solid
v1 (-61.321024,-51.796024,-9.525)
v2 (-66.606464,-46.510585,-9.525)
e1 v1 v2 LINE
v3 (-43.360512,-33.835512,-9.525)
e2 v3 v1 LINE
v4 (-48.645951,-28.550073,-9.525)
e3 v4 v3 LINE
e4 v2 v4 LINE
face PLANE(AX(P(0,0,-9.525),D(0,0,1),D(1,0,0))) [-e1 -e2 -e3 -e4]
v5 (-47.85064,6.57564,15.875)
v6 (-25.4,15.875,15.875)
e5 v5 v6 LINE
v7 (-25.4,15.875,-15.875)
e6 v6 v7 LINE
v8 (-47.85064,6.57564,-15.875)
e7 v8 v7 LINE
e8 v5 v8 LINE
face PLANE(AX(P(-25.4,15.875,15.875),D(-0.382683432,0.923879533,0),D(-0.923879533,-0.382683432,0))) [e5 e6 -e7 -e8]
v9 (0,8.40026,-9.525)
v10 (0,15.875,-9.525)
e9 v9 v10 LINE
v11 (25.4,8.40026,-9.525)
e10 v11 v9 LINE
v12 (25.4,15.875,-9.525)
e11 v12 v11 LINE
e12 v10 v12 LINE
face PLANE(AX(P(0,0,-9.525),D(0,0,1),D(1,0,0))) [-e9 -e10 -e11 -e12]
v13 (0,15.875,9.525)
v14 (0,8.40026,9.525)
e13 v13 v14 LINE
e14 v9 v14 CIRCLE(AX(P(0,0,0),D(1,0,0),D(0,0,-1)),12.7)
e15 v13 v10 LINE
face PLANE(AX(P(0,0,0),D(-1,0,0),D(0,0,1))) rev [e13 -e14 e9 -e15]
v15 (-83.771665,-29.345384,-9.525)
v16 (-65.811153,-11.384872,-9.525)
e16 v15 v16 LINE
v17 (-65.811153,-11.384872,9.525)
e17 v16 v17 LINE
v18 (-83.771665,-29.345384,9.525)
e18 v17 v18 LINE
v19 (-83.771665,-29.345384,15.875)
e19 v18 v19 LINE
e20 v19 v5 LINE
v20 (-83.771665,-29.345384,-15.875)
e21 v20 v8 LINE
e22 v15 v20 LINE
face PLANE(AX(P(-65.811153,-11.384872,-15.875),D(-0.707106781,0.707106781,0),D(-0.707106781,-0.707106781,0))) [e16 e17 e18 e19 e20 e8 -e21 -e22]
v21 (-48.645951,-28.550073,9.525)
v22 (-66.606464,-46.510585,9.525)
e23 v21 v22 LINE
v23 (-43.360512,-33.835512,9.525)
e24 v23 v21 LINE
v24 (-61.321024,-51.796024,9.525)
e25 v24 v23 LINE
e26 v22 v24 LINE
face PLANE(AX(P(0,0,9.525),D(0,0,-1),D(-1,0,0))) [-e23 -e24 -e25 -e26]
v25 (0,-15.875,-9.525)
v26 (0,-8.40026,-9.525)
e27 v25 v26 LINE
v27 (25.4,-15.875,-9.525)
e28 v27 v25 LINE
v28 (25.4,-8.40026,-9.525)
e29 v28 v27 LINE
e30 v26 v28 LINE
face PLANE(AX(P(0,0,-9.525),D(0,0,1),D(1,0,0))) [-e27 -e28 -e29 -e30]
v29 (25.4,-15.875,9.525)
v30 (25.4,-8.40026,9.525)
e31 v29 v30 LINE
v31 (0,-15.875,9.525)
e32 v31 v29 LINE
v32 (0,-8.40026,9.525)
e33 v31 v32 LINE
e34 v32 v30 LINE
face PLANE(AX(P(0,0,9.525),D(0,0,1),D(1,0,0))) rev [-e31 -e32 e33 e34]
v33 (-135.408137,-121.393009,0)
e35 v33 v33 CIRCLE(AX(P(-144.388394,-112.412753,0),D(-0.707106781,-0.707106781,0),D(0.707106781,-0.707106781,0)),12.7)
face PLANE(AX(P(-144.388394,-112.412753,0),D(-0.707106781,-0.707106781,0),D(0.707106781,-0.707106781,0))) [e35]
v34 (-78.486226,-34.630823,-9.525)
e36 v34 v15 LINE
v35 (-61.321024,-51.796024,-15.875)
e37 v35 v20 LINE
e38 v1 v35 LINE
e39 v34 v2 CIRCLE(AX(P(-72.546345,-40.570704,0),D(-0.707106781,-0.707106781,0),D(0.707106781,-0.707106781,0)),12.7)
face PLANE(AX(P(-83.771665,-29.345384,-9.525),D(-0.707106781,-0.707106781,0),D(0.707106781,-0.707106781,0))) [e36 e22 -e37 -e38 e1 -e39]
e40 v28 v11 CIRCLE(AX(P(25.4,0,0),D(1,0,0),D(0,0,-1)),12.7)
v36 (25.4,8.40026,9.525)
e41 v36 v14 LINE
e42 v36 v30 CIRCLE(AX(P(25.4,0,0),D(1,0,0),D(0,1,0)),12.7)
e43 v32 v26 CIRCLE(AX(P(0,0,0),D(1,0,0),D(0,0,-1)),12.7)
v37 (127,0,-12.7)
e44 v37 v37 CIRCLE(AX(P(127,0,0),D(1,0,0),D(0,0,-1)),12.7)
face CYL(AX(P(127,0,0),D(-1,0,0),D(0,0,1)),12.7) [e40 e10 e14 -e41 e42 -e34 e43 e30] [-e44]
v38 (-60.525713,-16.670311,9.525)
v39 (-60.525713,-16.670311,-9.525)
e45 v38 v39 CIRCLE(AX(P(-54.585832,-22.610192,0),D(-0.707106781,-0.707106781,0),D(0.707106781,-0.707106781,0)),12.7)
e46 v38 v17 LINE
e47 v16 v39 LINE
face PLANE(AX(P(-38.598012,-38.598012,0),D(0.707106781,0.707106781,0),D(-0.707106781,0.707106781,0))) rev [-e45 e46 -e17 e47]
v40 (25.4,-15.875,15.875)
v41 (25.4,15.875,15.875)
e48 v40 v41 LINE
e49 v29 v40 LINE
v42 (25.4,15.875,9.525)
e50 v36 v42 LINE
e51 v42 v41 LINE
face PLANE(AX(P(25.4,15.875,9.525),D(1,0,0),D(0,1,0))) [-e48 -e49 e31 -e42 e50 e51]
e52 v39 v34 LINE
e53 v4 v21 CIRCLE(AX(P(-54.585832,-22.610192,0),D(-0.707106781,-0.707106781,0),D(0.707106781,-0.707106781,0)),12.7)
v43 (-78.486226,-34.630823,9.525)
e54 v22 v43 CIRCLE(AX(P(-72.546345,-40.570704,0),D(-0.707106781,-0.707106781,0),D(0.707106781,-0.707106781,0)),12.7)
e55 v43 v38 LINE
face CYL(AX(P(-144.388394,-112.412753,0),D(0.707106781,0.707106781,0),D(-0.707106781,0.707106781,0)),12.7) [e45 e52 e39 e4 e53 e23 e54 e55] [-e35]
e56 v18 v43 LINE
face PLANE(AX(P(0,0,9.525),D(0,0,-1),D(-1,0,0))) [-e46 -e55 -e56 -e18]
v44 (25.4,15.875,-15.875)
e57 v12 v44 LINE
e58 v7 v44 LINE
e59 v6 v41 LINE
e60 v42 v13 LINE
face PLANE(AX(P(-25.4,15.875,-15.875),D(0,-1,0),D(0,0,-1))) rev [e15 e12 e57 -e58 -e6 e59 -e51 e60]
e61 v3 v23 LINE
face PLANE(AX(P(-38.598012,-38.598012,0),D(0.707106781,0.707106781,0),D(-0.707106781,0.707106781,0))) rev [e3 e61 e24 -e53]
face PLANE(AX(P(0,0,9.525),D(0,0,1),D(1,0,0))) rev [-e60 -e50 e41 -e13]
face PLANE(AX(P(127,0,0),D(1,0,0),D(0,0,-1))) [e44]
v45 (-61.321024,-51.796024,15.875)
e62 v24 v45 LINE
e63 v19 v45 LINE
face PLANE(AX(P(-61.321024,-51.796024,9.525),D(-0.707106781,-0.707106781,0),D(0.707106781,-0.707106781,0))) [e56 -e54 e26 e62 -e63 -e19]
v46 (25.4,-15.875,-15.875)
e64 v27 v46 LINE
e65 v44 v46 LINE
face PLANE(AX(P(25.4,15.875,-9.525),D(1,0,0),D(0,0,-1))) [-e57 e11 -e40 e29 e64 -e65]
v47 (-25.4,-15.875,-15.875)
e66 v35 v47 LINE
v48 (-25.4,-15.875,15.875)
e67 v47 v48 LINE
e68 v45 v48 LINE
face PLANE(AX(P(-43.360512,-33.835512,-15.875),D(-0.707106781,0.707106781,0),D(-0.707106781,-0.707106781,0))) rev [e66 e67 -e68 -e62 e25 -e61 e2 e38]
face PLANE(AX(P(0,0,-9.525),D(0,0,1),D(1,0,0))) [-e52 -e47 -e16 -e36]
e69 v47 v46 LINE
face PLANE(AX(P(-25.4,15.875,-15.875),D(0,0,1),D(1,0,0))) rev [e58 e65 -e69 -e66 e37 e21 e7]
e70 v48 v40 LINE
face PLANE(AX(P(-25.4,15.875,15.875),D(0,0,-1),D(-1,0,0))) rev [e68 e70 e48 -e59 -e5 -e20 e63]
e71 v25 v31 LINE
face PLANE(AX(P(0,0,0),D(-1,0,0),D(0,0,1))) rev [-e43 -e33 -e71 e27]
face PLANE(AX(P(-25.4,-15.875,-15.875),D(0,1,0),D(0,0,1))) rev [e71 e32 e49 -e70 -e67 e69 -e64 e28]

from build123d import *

# Parameters (mm, degrees)
SKETCH1_R           = 12.7
BOSS_EXTRUDE1_DEPTH = 127
SKETCH2_W           = 31.75
SKETCH2_H           = 31.75
BOSS_EXTRUDE2_DEPTH = 25.4
SKETCH3_W           = 25.4
SKETCH3_H           = 31.75
BOSS_EXTRUDE3_DEPTH = 6.35
SKETCH4_W           = 25.4
SKETCH4_H           = 31.75
BOSS_EXTRUDE4_DEPTH = 6.35
SKETCH9_W           = 31.75
SKETCH9_H           = 31.75
BOSS_EXTRUDE5_DEPTH = 25.4
SKETCH11_R          = 12.7
BOSS_EXTRUDE6_DEPTH = 127
BOSS_EXTRUDE7_DEPTH = 6.35
BOSS_EXTRUDE8_DEPTH = 6.35
BOSS_EXTRUDE9_DEPTH = 31.75


with BuildPart() as part:
    # Sketch1 → Boss-Extrude1 (new body)
    with BuildSketch(Plane(origin=(0, 0, 0), x_dir=(0, 0, -1), z_dir=(1, 0, 0))):
        Circle(SKETCH1_R)
    extrude(amount=BOSS_EXTRUDE1_DEPTH)

    # Sketch2 → Boss-Extrude2 (add)
    with BuildSketch(Plane.ZY):
        Rectangle(SKETCH2_W, SKETCH2_H)
    extrude(amount=BOSS_EXTRUDE2_DEPTH)

    # Sketch3 → Boss-Extrude3 (add)
    with BuildSketch(Plane.XY.offset(15.875)):
        with Locations((12.7, 0)):
            Rectangle(SKETCH3_W, SKETCH3_H)
    extrude(amount=-BOSS_EXTRUDE3_DEPTH)

    # Sketch4 → Boss-Extrude4 (add)
    with BuildSketch(Plane(origin=(0, 0, -15.875), x_dir=(-1, 0, 0), z_dir=(0, 0, -1))):
        with Locations((-12.7, 0)):
            Rectangle(SKETCH4_W, SKETCH4_H)
    extrude(amount=-BOSS_EXTRUDE4_DEPTH)



with BuildPart() as body_2:
    # Sketch9 → Boss-Extrude5 (new body)
    with BuildSketch(Plane(origin=(-20.6375, -20.6375, 0), x_dir=(0, 0, 1), z_dir=(-0.707106781, -0.707106781, 0))):
        with Locations((0, 22.610192091)):
            Rectangle(SKETCH9_W, SKETCH9_H)
    extrude(amount=BOSS_EXTRUDE5_DEPTH)

    # Sketch11 → Boss-Extrude6 (add)
    with BuildSketch(Plane(origin=(-38.598012242, -38.598012242, 0), x_dir=(0, 0, 1), z_dir=(-0.707106781, -0.707106781, 0))):
        with Locations((0, 22.610192091)):
            Circle(SKETCH11_R)
    extrude(amount=BOSS_EXTRUDE6_DEPTH)

    # Sketch13 → Boss-Extrude7 (add)
    with BuildSketch(Plane.XY.offset(15.875)):
        Polygon((-43.360512242, -33.835512242), (-61.321024484, -51.796024484), (-83.771664787, -29.345384182), (-65.811152545, -11.384871939), align=None)
    extrude(amount=-BOSS_EXTRUDE7_DEPTH)

    # Sketch14 → Boss-Extrude8 (add)
    with BuildSketch(Plane(origin=(0, 0, -15.875), x_dir=(-1, 0, 0), z_dir=(0, 0, -1))):
        Polygon((65.811152545, -11.384871939), (83.771664787, -29.345384182), (61.321024484, -51.796024484), (43.360512242, -33.835512242), align=None)
    extrude(amount=-BOSS_EXTRUDE8_DEPTH)


with BuildPart() as part_1:
    add(part.part)

    add(body_2.part)  # Boss-Extrude9 merges body 2
    # Sketch15 → Boss-Extrude9 (add)
    with BuildSketch(Plane(origin=(0, 0, -15.875), x_dir=(-1, 0, 0), z_dir=(0, 0, -1))):
        Polygon((25.4, 15.875), (47.850640303, 6.575640303), (25.4, -15.875), align=None)
    extrude(amount=-BOSS_EXTRUDE9_DEPTH)


solid = part_1.part
